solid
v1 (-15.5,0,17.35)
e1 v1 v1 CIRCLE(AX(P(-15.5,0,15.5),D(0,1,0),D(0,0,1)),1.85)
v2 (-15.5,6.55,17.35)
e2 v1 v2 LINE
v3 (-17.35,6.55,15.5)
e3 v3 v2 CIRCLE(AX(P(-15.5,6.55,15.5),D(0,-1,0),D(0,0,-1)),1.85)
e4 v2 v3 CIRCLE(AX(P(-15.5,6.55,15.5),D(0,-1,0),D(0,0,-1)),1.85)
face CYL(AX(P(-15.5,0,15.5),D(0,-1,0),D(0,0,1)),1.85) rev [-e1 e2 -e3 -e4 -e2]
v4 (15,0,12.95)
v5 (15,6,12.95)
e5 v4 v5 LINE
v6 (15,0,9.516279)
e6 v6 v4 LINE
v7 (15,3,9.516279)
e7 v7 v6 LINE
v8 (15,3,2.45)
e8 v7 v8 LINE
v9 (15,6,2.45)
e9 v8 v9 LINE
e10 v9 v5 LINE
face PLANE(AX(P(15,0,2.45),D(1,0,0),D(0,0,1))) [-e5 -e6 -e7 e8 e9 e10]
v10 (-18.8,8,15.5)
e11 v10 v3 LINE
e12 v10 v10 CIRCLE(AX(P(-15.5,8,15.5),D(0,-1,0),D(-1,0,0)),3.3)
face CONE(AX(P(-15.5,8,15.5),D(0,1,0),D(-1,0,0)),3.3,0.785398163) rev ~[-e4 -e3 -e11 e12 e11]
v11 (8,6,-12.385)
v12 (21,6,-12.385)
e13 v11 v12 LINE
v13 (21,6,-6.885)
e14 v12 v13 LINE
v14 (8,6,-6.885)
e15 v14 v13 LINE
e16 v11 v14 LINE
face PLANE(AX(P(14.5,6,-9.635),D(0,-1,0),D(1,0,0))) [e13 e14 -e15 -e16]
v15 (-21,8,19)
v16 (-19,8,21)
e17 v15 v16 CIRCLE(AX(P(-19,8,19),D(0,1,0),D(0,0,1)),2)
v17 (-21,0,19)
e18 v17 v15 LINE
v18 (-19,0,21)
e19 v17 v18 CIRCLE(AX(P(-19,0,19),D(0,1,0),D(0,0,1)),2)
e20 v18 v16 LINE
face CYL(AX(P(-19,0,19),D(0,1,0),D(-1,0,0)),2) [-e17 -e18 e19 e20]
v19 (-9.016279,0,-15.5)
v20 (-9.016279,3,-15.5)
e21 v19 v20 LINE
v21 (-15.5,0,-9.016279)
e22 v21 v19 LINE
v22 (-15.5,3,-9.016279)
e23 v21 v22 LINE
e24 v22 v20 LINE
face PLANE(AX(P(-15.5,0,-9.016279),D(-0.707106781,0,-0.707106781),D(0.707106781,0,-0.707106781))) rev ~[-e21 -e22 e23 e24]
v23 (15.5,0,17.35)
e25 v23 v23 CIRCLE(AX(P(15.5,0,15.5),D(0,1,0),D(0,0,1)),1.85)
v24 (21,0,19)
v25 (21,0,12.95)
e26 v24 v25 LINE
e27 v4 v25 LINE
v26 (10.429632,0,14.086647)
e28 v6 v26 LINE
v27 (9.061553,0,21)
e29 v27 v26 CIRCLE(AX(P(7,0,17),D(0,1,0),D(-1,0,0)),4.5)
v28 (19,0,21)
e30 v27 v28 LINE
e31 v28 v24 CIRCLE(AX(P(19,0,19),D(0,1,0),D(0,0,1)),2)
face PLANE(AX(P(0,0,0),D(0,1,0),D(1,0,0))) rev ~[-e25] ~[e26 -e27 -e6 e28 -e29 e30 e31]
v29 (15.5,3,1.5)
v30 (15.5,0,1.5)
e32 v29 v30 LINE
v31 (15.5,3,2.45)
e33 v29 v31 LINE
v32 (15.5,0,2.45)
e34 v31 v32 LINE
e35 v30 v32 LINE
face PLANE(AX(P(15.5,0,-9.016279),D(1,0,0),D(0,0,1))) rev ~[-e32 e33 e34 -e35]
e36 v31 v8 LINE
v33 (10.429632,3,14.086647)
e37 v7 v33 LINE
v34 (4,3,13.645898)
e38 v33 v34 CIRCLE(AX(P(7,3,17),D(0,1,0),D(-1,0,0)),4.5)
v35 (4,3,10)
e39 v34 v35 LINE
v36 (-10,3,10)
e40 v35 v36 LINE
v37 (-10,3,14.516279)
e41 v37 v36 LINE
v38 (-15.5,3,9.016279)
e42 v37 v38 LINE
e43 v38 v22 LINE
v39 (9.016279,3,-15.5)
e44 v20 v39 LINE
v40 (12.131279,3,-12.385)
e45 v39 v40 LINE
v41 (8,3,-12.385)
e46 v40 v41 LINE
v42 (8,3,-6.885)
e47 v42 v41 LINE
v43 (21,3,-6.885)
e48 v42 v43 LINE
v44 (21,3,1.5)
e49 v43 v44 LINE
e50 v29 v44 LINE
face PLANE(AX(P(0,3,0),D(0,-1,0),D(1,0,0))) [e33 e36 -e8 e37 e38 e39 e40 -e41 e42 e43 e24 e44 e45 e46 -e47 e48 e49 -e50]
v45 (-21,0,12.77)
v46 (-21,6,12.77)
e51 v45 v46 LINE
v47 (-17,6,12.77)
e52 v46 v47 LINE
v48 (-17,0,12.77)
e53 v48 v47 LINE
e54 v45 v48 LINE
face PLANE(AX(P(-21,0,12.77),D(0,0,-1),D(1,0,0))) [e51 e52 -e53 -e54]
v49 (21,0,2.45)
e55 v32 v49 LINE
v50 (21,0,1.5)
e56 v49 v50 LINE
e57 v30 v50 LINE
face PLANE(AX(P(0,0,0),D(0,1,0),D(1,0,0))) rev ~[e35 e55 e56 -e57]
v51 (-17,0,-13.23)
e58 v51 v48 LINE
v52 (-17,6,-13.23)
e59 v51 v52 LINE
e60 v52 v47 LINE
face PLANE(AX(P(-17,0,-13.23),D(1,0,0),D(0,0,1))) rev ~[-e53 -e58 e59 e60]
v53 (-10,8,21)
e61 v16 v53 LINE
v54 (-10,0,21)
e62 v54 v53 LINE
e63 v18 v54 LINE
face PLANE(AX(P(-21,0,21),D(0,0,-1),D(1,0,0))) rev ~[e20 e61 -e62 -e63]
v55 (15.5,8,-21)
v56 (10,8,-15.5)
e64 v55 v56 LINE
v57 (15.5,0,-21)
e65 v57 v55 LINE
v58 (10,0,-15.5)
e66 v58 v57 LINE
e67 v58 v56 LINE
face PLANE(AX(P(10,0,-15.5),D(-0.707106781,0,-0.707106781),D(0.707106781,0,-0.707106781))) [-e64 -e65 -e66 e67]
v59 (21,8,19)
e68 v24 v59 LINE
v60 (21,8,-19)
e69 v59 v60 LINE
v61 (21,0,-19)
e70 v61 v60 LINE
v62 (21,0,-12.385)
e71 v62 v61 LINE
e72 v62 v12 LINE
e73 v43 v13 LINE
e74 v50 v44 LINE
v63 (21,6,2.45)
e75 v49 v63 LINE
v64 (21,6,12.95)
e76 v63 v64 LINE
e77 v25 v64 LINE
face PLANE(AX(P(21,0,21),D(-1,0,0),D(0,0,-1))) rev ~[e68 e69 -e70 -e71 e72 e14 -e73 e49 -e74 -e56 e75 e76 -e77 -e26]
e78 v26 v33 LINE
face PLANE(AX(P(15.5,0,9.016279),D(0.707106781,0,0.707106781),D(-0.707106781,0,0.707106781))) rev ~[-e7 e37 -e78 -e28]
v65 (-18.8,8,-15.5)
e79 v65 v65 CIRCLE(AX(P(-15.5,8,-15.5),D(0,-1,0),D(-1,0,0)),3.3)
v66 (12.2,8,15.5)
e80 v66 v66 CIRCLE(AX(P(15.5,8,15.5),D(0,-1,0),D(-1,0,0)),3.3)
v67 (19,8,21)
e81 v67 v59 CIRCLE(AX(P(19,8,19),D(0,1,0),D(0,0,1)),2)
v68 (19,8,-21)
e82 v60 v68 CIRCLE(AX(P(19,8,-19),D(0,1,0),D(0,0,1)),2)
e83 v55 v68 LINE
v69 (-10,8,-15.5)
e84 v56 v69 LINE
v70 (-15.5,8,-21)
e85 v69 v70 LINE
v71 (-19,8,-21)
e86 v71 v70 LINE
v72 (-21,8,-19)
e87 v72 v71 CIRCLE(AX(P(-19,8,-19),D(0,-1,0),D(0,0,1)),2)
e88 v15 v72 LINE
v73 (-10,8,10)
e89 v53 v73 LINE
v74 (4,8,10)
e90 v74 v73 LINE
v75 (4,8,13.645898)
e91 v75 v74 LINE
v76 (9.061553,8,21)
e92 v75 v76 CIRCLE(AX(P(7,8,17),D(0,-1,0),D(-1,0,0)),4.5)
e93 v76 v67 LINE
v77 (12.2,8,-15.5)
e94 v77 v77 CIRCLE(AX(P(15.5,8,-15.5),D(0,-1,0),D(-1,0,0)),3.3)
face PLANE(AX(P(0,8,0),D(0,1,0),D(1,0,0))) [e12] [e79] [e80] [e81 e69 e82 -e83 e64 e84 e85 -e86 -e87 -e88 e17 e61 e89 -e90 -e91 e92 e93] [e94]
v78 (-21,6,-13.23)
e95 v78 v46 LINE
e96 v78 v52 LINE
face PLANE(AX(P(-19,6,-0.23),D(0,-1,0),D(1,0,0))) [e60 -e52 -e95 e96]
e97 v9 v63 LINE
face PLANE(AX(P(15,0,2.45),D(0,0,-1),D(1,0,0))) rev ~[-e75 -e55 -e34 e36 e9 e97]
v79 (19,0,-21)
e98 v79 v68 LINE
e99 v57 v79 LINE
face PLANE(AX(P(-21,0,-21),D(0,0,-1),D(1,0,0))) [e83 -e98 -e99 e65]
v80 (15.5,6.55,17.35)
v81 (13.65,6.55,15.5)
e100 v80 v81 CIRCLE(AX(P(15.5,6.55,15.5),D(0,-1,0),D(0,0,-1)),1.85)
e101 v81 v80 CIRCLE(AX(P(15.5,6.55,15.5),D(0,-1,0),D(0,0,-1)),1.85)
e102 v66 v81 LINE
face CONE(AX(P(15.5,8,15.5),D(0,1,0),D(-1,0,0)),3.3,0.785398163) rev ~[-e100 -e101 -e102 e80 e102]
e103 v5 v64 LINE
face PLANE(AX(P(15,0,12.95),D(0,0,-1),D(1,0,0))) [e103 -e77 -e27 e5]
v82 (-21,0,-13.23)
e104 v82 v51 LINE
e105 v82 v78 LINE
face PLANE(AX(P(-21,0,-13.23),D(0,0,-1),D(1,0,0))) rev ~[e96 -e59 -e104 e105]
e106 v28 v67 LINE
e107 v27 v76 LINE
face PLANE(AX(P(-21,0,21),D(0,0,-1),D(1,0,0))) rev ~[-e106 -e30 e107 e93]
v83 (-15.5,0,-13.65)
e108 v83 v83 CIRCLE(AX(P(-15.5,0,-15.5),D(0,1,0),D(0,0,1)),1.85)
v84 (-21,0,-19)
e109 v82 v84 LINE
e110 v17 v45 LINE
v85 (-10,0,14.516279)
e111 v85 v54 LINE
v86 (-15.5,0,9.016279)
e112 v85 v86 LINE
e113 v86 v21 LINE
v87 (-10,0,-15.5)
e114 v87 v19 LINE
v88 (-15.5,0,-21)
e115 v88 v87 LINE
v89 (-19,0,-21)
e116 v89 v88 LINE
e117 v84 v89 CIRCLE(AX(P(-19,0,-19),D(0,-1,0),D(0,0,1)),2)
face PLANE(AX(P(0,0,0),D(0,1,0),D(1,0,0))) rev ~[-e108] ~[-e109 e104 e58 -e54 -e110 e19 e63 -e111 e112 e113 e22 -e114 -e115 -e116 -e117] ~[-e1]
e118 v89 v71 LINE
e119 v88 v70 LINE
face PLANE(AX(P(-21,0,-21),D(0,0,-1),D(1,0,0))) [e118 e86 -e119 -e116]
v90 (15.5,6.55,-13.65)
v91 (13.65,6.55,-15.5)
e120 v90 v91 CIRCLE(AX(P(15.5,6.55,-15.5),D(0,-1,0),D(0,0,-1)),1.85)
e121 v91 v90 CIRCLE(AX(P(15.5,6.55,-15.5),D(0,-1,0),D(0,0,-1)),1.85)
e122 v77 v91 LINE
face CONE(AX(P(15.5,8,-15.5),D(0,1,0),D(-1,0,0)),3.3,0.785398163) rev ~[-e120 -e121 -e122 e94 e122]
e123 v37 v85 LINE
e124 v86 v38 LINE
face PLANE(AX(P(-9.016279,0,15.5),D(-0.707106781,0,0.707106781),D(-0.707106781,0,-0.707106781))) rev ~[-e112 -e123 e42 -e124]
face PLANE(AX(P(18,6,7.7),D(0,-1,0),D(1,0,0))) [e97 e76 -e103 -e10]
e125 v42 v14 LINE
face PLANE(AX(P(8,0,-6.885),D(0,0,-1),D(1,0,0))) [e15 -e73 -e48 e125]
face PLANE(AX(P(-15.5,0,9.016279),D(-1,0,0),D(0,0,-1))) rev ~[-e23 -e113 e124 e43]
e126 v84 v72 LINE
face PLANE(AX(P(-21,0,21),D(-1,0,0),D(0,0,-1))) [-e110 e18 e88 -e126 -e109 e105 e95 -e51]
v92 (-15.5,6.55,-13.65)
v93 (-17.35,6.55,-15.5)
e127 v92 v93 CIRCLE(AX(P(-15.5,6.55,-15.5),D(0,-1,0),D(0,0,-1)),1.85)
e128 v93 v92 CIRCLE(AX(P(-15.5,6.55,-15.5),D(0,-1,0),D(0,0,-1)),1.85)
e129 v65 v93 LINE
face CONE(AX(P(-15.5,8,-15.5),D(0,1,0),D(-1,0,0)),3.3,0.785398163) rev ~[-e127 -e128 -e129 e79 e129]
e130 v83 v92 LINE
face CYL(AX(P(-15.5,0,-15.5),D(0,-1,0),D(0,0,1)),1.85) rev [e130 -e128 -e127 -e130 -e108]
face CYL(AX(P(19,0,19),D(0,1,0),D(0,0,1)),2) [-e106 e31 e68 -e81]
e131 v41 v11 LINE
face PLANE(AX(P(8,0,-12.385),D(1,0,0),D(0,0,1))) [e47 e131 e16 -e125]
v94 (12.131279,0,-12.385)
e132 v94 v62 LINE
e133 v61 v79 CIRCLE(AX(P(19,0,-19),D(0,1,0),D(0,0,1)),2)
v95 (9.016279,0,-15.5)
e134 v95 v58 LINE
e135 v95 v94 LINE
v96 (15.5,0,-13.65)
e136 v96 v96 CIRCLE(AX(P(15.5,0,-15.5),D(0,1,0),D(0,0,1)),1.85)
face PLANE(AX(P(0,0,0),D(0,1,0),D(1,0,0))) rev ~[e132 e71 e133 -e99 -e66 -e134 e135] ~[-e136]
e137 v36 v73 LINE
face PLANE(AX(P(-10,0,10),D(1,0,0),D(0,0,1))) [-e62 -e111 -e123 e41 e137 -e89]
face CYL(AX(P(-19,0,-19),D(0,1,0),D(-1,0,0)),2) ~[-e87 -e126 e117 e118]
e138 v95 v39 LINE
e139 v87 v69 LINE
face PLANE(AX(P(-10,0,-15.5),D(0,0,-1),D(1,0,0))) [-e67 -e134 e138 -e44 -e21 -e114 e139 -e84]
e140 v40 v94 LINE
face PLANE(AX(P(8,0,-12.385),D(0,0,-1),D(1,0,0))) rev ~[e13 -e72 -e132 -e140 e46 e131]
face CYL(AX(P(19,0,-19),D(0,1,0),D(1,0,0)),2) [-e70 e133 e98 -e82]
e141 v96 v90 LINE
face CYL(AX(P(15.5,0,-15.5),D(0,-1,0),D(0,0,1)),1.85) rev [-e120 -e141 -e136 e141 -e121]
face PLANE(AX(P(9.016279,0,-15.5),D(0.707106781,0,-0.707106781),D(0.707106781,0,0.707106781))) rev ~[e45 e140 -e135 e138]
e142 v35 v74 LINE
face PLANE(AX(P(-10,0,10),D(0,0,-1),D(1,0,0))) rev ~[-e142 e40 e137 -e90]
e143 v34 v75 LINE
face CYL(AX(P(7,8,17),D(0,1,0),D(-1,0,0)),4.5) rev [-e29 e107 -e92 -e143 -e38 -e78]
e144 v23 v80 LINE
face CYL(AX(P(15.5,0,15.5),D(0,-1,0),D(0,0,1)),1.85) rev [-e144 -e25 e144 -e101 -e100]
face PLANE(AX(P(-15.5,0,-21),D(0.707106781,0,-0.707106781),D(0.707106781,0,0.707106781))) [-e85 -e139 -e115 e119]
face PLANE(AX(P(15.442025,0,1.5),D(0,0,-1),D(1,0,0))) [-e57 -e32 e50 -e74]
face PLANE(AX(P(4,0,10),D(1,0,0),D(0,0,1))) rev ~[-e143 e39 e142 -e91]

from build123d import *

# Parameters (mm, degrees)
SKETCH_1_W                = 42
SKETCH_1_H                = 42
SKETCH_1_R                = 1.85
EXTRUDE_1_DEPTH           = 8
FILLET_2_R                = 2
FILLET_3_R                = 2
FILLET_4_R                = 2
FILLET_5_R                = 2
SKETCH_2_W                = 6
SKETCH_2_H                = 10.5
SKETCH_2_W_2              = 4
SKETCH_2_H_2              = 26
SKETCH_2_W_3              = 13
SKETCH_2_H_3              = 5.5
CUT_EXTRUDE_1_DEPTH       = 6
SKETCH_3_W                = 5.557975162
SKETCH_3_H                = 9
CUT_EXTRUDE_2_DEPTH       = 3
CUT_EXTRUDE_3_DEPTH       = 31.757112998
CUT_EXTRUDE_13_DEPTH      = 31.757112998
SKETCH_6_W                = 14
SKETCH_6_H                = 11
CUT_EXTRUDE_4_DEPTH       = 31.757112998
CUT_EXTRUDE_5_DEPTH       = 3
HOLE_WIZARD_2_D           = 3.6
HOLE_WIZARD_2_DEPTH       = 8
HOLE_WIZARD_2_CSINK_D     = 6.6
HOLE_WIZARD_2_CSINK_ANGLE = 90


with BuildPart() as part:
    # 草图1 → 凸台-拉伸1 (new body)
    with BuildSketch(Plane(origin=(0, 0, 0), x_dir=(1, 0, 0), z_dir=(0, 1, 0))):
        Rectangle(SKETCH_1_W, SKETCH_1_H)
        with Locations(Location((15.5, 15.5, 0), (0, 0, 270))):
            Circle(SKETCH_1_R, mode=Mode.SUBTRACT)
        with Locations(Location((-15.5, 15.5, 0), (0, 0, 270))):
            Circle(SKETCH_1_R, mode=Mode.SUBTRACT)
        with Locations(Location((-15.5, -15.5, 0), (0, 0, 270))):
            Circle(SKETCH_1_R, mode=Mode.SUBTRACT)
        with Locations(Location((15.5, -15.5, 0), (0, 0, 270))):
            Circle(SKETCH_1_R, mode=Mode.SUBTRACT)
    extrude(amount=EXTRUDE_1_DEPTH)

    # 圆角2
    fillet_2_edges = [part.edges().sort_by_distance(p)[0] for p in [
        (-21, 4, -21),
    ]]
    fillet(fillet_2_edges, radius=FILLET_2_R)

    # 圆角3
    fillet_3_edges = [part.edges().sort_by_distance(p)[0] for p in [
        (-21, 4, 21),
    ]]
    fillet(fillet_3_edges, radius=FILLET_3_R)

    # 圆角4
    fillet_4_edges = [part.edges().sort_by_distance(p)[0] for p in [
        (21, 4, 21),
    ]]
    fillet(fillet_4_edges, radius=FILLET_4_R)

    # 圆角5
    fillet_5_edges = [part.edges().sort_by_distance(p)[0] for p in [
        (21, 4, -21),
    ]]
    fillet(fillet_5_edges, radius=FILLET_5_R)

    # 草图2 → 切除-拉伸1 (cut)
    with BuildSketch(Plane.XZ):
        with Locations((18, 7.7)):
            Rectangle(SKETCH_2_W, SKETCH_2_H)
        with Locations((-19, -0.23)):
            Rectangle(SKETCH_2_W_2, SKETCH_2_H_2)
        with Locations((14.5, -9.635)):
            Rectangle(SKETCH_2_W_3, SKETCH_2_H_3)
    extrude(amount=-CUT_EXTRUDE_1_DEPTH, mode=Mode.SUBTRACT)

    # 草图3 → 切除-拉伸2 (cut)
    with BuildSketch(Plane.XZ):
        with Locations((18.221012419, -3)):
            Rectangle(SKETCH_3_W, SKETCH_3_H)
    extrude(amount=-CUT_EXTRUDE_2_DEPTH, mode=Mode.SUBTRACT)

    # 草图5 → 切除-拉伸3 (cut, through all)
    with BuildSketch(Plane.XZ):
        Polygon((-15.5, -21), (-10, -15.5), (10, -15.5), (15.5, -21), align=None)
    extrude(amount=-CUT_EXTRUDE_3_DEPTH, mode=Mode.SUBTRACT)

    # 草图10 → 切除-拉伸13 (cut, through all)
    with BuildSketch(Plane(origin=(0, 8, 0), x_dir=(1, 0, 0), z_dir=(0, 1, 0))):
        with BuildLine():
            Line((7, -21.5), (2.5, -21.5))
            Line((2.5, -21.5), (2.5, -17))
            ThreePointArc((2.5, -17), (10.181980515, -13.818019485), (7, -21.5))
        make_face()
    extrude(amount=-CUT_EXTRUDE_13_DEPTH, mode=Mode.SUBTRACT)

    # 草图6 → 切除-拉伸4 (cut, through all)
    with BuildSketch(Plane.XZ):
        with Locations((-3, 15.5)):
            Rectangle(SKETCH_6_W, SKETCH_6_H)
    extrude(amount=-CUT_EXTRUDE_4_DEPTH, mode=Mode.SUBTRACT)

    # 草图7 → 切除-拉伸5 (cut)
    with BuildSketch(Plane.XZ):
        Polygon((-9.016278831, 15.5), (-15.5, 9.016278831), (-15.5, -9.016278831), (-9.016278831, -15.5), (9.016278831, -15.5), (15.5, -9.016278831), (15.5, 9.016278831), (9.016278831, 15.5), align=None)
    extrude(amount=-CUT_EXTRUDE_5_DEPTH, mode=Mode.SUBTRACT)

    # 打孔尺寸(%根据十字)槽半沉头木螺钉的类型2
    with Locations(Plane(origin=(0, 8, 0), x_dir=(1, 0, 0), z_dir=(0, 1, 0))):
        with Locations((15.5, -15.5), (-15.5, -15.5), (-15.5, 15.5), (15.5, 15.5)):
            CounterSinkHole(HOLE_WIZARD_2_D / 2, HOLE_WIZARD_2_CSINK_D / 2, depth=HOLE_WIZARD_2_DEPTH, counter_sink_angle=HOLE_WIZARD_2_CSINK_ANGLE)


solid = part.part
